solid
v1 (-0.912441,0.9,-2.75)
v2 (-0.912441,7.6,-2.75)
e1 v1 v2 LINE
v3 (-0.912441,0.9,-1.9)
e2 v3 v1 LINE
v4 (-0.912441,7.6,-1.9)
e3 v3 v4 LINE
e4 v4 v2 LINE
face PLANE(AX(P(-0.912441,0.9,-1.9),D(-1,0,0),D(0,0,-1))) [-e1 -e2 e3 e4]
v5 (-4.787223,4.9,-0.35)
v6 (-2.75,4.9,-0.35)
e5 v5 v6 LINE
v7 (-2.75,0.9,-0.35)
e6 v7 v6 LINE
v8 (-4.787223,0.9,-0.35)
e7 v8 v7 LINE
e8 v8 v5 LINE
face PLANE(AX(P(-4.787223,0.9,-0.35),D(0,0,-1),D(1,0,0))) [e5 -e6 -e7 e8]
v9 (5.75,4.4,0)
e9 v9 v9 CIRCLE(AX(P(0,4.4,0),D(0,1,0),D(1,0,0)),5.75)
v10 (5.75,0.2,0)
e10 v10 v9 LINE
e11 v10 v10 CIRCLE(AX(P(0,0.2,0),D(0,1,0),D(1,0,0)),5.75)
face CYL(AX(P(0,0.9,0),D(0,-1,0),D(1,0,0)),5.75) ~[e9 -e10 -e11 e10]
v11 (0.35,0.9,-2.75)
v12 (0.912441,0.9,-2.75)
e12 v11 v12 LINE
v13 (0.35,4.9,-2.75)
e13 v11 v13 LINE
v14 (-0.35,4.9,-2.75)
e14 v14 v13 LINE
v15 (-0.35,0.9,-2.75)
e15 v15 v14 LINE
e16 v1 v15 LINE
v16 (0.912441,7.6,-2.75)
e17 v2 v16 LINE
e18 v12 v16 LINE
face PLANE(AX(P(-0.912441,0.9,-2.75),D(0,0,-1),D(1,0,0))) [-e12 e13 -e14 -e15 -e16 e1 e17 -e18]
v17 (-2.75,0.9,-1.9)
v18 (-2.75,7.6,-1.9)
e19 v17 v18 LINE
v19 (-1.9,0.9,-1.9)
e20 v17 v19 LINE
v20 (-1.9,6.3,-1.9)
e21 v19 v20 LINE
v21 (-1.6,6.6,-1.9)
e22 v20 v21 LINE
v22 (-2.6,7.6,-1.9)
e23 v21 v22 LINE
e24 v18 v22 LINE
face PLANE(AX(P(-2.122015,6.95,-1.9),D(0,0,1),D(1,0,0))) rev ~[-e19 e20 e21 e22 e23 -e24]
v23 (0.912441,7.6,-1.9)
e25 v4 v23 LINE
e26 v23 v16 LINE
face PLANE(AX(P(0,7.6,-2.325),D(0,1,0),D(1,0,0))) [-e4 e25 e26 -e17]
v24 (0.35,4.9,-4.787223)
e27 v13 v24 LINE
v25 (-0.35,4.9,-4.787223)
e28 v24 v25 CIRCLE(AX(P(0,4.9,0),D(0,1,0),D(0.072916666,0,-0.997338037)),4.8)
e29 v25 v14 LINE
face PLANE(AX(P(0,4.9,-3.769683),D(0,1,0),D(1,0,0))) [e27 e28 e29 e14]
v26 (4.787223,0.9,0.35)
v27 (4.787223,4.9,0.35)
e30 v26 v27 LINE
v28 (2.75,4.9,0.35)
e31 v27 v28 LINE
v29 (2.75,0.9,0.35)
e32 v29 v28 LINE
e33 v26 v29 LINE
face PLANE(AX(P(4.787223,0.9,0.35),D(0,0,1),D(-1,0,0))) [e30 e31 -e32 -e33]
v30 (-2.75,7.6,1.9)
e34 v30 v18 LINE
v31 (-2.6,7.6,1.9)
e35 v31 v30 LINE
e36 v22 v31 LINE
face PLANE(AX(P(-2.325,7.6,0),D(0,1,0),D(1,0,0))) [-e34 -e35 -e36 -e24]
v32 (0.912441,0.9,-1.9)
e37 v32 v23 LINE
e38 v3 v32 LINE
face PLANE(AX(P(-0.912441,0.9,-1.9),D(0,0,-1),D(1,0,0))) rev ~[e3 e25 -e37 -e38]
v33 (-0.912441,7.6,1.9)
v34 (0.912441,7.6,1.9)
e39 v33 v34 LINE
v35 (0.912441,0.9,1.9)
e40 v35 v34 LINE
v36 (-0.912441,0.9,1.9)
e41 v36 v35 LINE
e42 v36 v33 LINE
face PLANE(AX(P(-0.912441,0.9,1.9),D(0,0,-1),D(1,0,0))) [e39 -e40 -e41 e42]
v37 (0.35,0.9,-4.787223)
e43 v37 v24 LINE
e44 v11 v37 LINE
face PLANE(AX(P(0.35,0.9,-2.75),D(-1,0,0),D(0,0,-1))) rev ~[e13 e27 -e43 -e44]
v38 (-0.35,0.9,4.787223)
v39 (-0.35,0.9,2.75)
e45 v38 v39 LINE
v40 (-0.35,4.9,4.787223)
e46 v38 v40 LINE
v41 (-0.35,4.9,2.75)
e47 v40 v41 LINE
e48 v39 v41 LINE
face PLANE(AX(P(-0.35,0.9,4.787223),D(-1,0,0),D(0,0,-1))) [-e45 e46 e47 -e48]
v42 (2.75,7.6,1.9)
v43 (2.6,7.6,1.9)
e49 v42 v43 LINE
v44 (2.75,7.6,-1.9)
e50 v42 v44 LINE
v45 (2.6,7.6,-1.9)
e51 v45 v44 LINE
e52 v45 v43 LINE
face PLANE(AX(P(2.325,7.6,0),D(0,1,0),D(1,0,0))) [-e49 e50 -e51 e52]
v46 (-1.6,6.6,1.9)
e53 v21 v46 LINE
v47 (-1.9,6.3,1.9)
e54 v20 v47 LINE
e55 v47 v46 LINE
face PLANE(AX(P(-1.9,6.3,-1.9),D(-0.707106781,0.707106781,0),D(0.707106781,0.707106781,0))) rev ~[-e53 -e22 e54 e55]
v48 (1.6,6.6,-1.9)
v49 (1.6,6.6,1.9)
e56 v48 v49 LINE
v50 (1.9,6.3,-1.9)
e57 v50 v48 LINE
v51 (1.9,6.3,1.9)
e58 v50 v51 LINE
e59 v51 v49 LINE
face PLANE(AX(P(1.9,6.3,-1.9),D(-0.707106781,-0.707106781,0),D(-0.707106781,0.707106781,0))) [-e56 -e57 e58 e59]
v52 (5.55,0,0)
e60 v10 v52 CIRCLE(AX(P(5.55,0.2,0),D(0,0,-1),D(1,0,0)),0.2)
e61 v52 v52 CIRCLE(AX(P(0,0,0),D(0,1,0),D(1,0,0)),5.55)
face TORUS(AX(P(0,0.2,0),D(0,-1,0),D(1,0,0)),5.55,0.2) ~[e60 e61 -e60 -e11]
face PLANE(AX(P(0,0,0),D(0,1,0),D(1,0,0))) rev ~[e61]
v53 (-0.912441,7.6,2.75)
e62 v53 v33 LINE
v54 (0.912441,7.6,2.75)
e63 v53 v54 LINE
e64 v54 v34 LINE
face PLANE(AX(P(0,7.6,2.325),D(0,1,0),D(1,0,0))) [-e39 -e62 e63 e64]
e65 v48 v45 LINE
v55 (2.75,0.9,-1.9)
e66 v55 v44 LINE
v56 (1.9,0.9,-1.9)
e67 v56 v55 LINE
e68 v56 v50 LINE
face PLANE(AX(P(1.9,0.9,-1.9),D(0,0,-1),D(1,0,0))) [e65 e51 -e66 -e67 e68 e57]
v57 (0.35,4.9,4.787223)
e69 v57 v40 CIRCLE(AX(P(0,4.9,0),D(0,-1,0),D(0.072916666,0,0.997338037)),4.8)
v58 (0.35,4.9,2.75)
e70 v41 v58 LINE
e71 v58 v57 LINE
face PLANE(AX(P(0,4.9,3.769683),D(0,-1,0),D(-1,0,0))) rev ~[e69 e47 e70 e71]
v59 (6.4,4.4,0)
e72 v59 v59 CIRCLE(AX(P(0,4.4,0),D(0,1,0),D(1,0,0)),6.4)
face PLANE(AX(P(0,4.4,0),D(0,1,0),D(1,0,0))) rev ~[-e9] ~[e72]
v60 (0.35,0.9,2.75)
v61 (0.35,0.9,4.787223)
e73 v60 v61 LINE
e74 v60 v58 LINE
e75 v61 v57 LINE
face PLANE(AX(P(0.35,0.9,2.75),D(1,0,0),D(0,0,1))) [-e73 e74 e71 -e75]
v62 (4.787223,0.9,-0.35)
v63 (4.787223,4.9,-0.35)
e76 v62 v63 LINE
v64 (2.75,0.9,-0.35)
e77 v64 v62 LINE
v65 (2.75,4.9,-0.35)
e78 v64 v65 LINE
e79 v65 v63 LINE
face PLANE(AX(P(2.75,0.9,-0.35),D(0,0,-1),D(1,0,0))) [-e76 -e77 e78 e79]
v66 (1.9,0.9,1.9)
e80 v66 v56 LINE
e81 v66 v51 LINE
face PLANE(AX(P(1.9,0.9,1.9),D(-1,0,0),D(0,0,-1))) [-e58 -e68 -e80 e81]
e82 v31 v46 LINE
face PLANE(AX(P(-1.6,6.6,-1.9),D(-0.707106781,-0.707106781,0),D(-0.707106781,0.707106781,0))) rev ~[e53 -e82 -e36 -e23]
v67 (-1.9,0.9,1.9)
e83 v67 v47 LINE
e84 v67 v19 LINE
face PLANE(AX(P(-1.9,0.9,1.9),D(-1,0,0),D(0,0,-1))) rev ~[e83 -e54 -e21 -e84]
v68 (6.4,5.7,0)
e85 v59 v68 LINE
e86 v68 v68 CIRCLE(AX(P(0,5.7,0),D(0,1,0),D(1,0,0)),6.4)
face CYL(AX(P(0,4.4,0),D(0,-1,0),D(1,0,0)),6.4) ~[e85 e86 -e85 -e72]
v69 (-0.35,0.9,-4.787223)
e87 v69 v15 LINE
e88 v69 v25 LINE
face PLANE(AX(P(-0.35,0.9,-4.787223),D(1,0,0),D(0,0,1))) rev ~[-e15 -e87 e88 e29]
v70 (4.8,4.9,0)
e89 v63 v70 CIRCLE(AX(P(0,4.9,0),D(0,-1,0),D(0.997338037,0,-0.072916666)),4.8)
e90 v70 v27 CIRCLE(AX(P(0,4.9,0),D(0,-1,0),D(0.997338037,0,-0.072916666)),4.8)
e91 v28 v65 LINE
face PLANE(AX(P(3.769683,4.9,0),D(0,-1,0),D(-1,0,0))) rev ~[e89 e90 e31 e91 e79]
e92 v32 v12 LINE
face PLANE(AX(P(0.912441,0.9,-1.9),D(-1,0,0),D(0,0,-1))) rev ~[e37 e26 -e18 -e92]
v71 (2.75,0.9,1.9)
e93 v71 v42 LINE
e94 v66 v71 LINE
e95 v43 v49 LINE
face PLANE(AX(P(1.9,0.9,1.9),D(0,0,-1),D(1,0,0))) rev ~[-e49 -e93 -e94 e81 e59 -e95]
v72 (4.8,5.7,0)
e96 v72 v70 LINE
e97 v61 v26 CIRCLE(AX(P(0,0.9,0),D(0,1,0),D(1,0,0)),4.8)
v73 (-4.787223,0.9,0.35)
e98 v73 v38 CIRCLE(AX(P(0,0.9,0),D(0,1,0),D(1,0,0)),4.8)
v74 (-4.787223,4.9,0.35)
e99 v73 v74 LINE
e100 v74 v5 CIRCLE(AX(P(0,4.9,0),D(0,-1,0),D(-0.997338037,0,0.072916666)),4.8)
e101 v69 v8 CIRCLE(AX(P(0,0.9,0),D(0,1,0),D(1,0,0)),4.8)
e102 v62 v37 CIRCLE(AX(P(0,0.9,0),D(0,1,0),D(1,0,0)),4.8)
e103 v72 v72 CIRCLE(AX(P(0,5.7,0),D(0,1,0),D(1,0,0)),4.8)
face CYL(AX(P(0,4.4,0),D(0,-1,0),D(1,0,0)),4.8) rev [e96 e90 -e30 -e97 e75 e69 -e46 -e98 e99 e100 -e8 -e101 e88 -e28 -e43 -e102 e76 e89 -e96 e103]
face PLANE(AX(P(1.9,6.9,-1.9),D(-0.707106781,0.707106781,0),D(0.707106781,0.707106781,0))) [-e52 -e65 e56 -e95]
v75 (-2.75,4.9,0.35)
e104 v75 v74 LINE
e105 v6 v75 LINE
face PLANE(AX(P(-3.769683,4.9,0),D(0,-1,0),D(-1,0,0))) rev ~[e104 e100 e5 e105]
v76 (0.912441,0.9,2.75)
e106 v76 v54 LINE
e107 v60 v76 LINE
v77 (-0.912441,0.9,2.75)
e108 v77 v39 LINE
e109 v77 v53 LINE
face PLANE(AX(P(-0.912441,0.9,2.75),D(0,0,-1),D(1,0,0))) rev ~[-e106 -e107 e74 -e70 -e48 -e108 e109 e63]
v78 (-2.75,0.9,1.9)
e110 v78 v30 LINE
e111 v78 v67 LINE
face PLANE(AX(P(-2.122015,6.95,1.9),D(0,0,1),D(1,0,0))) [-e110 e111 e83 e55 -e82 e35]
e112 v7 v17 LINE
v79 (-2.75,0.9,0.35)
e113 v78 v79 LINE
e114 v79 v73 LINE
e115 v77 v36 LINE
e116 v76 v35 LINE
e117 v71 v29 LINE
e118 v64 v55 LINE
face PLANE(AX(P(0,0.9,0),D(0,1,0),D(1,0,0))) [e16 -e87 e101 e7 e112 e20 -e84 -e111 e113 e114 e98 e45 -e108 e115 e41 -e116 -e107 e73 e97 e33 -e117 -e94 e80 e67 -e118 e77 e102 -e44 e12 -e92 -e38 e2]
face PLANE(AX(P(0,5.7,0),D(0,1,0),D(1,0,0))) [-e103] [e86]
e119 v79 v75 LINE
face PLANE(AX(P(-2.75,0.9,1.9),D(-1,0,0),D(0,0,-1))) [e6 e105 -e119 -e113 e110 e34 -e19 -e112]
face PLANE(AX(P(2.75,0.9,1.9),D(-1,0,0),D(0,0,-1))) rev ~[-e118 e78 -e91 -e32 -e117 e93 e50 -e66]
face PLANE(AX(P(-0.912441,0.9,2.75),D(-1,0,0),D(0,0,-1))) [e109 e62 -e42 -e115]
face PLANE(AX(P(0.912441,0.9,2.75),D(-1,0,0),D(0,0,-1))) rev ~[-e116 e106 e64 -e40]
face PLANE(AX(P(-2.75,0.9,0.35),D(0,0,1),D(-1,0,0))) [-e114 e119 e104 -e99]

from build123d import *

# Parameters (mm, degrees)
SKETCH_1_R          = 5.75
EXTRUDE_1_DEPTH     = 0.9
SKETCH_2_R          = 5.75
SKETCH_2_R_2        = 4.8
EXTRUDE_2_DEPTH     = 3.5
SKETCH_3_R          = 6.4
SKETCH_3_R_2        = 4.8
EXTRUDE_3_DEPTH     = 1.3
SKETCH_4_W          = 0.85
SKETCH_4_H          = 3.8
SKETCH_4_W_2        = 1.824882422
SKETCH_4_H_2        = 0.85
EXTRUDE_4_DEPTH     = 6.7
EXTRUDE_5_DEPTH     = 3.8
CUT_EXTRUDE_1_REACH = 10.3
EXTRUDE_6_DEPTH     = 4
FILLET1_R           = 0.2


with BuildPart() as part:
    # Эскиз1 → Бобышка-Вытянуть1 (new body)
    with BuildSketch(Plane(origin=(0, 0, 0), x_dir=(1, 0, 0), z_dir=(0, 1, 0))):
        Circle(SKETCH_1_R)
    extrude(amount=EXTRUDE_1_DEPTH)

    # Эскиз2 → Бобышка-Вытянуть2 (add)
    with BuildSketch(Plane(origin=(0, 0.9, 0), x_dir=(1, 0, 0), z_dir=(0, 1, 0))):
        Circle(SKETCH_2_R)
        Circle(SKETCH_2_R_2, mode=Mode.SUBTRACT)
    extrude(amount=EXTRUDE_2_DEPTH)

    # Эскиз3 → Бобышка-Вытянуть3 (add)
    with BuildSketch(Plane(origin=(0, 4.4, 0), x_dir=(1, 0, 0), z_dir=(0, 1, 0))):
        Circle(SKETCH_3_R)
        Circle(SKETCH_3_R_2, mode=Mode.SUBTRACT)
    extrude(amount=EXTRUDE_3_DEPTH)

    # Эскиз4 → Бобышка-Вытянуть4 (add)
    with BuildSketch(Plane(origin=(0, 0.9, 0), x_dir=(1, 0, 0), z_dir=(0, 1, 0))):
        with Locations((-2.325, 0)):
            Rectangle(SKETCH_4_W, SKETCH_4_H)
        with Locations((2.325, 0)):
            Rectangle(SKETCH_4_W, SKETCH_4_H)
        with Locations((0, 2.325)):
            Rectangle(SKETCH_4_W_2, SKETCH_4_H_2)
        with Locations((0, -2.325)):
            Rectangle(SKETCH_4_W_2, SKETCH_4_H_2)
    extrude(amount=EXTRUDE_4_DEPTH)

    # Эскиз5 → Бобышка-Вытянуть5 (add)
    with BuildSketch(Plane(origin=(0, 0, -1.9), x_dir=(-1, 0, 0), z_dir=(0, 0, -1))):
        Polygon((1.9, 6.3), (1.6, 6.6), (2.6, 7.6), align=None)
        Polygon((-1.9, 6.3), (-1.6, 6.6), (-2.6, 7.6), align=None)
    extrude(amount=-EXTRUDE_5_DEPTH)

    # Эскиз6 → Вырез-Вытянуть1 (cut, up to next)
    with BuildSketch(Plane(origin=(0, 0, -1.9), x_dir=(-1, 0, 0), z_dir=(0, 0, -1)), mode=Mode.PRIVATE) as cut_extrude_1_sk1:
        Polygon((1.9, 6.9), (2.6, 7.6), (1.9, 7.6), align=None)
    cut_extrude_1_tool1 = extrude(cut_extrude_1_sk1.sketch, amount=-CUT_EXTRUDE_1_REACH, mode=Mode.PRIVATE) & part.part
    add(cut_extrude_1_tool1.solids().sort_by_distance((-2.133333, 7.366667, -1.9))[0], mode=Mode.SUBTRACT)
    # Эскиз6 → Вырез-Вытянуть1 (cut, up to next)
    with BuildSketch(Plane(origin=(0, 0, -1.9), x_dir=(-1, 0, 0), z_dir=(0, 0, -1)), mode=Mode.PRIVATE) as cut_extrude_1_sk2:
        Polygon((-1.9, 6.9), (-2.6, 7.6), (-1.9, 7.6), align=None)
    cut_extrude_1_tool2 = extrude(cut_extrude_1_sk2.sketch, amount=-CUT_EXTRUDE_1_REACH, mode=Mode.PRIVATE) & part.part
    add(cut_extrude_1_tool2.solids().sort_by_distance((2.133333, 7.366667, -1.9))[0], mode=Mode.SUBTRACT)

    # Эскиз7 → Бобышка-Вытянуть6 (add)
    with BuildSketch(Plane(origin=(0, 0.9, 0), x_dir=(1, 0, 0), z_dir=(0, 1, 0))):
        with BuildLine():
            Line((-0.35, -2.75), (0.35, -2.75))
            Line((0.35, -2.75), (0.35, -4.787222577))
            ThreePointArc((0.35, -4.787222577), (0, -4.8), (-0.35, -4.787222577))
            Line((-0.35, -4.787222577), (-0.35, -2.75))
        make_face()
        with BuildLine():
            Line((4.787222577, -0.35), (2.75, -0.35))
            Line((2.75, -0.35), (2.75, 0.35))
            Line((2.75, 0.35), (4.787222577, 0.35))
            ThreePointArc((4.787222577, 0.35), (4.8, 0), (4.787222577, -0.35))
        make_face()
        with BuildLine():
            Line((0.35, 2.75), (0.35, 4.787222577))
            ThreePointArc((0.35, 4.787222577), (0, 4.8), (-0.35, 4.787222577))
            Line((-0.35, 4.787222577), (-0.35, 2.75))
            Line((-0.35, 2.75), (0.35, 2.75))
        make_face()
        with BuildLine():
            Line((-2.75, -0.35), (-4.787222577, -0.35))
            ThreePointArc((-4.787222577, -0.35), (-4.8, 0), (-4.787222577, 0.35))
            Line((-4.787222577, 0.35), (-2.75, 0.35))
            Line((-2.75, 0.35), (-2.75, -0.35))
        make_face()
    extrude(amount=EXTRUDE_6_DEPTH)

    # Fillet1
    fillet1_edges = [part.edges().sort_by_distance(p)[0] for p in [
        (-5.75, 0, 0),
    ]]
    fillet(fillet1_edges, radius=FILLET1_R)


solid = part.part
